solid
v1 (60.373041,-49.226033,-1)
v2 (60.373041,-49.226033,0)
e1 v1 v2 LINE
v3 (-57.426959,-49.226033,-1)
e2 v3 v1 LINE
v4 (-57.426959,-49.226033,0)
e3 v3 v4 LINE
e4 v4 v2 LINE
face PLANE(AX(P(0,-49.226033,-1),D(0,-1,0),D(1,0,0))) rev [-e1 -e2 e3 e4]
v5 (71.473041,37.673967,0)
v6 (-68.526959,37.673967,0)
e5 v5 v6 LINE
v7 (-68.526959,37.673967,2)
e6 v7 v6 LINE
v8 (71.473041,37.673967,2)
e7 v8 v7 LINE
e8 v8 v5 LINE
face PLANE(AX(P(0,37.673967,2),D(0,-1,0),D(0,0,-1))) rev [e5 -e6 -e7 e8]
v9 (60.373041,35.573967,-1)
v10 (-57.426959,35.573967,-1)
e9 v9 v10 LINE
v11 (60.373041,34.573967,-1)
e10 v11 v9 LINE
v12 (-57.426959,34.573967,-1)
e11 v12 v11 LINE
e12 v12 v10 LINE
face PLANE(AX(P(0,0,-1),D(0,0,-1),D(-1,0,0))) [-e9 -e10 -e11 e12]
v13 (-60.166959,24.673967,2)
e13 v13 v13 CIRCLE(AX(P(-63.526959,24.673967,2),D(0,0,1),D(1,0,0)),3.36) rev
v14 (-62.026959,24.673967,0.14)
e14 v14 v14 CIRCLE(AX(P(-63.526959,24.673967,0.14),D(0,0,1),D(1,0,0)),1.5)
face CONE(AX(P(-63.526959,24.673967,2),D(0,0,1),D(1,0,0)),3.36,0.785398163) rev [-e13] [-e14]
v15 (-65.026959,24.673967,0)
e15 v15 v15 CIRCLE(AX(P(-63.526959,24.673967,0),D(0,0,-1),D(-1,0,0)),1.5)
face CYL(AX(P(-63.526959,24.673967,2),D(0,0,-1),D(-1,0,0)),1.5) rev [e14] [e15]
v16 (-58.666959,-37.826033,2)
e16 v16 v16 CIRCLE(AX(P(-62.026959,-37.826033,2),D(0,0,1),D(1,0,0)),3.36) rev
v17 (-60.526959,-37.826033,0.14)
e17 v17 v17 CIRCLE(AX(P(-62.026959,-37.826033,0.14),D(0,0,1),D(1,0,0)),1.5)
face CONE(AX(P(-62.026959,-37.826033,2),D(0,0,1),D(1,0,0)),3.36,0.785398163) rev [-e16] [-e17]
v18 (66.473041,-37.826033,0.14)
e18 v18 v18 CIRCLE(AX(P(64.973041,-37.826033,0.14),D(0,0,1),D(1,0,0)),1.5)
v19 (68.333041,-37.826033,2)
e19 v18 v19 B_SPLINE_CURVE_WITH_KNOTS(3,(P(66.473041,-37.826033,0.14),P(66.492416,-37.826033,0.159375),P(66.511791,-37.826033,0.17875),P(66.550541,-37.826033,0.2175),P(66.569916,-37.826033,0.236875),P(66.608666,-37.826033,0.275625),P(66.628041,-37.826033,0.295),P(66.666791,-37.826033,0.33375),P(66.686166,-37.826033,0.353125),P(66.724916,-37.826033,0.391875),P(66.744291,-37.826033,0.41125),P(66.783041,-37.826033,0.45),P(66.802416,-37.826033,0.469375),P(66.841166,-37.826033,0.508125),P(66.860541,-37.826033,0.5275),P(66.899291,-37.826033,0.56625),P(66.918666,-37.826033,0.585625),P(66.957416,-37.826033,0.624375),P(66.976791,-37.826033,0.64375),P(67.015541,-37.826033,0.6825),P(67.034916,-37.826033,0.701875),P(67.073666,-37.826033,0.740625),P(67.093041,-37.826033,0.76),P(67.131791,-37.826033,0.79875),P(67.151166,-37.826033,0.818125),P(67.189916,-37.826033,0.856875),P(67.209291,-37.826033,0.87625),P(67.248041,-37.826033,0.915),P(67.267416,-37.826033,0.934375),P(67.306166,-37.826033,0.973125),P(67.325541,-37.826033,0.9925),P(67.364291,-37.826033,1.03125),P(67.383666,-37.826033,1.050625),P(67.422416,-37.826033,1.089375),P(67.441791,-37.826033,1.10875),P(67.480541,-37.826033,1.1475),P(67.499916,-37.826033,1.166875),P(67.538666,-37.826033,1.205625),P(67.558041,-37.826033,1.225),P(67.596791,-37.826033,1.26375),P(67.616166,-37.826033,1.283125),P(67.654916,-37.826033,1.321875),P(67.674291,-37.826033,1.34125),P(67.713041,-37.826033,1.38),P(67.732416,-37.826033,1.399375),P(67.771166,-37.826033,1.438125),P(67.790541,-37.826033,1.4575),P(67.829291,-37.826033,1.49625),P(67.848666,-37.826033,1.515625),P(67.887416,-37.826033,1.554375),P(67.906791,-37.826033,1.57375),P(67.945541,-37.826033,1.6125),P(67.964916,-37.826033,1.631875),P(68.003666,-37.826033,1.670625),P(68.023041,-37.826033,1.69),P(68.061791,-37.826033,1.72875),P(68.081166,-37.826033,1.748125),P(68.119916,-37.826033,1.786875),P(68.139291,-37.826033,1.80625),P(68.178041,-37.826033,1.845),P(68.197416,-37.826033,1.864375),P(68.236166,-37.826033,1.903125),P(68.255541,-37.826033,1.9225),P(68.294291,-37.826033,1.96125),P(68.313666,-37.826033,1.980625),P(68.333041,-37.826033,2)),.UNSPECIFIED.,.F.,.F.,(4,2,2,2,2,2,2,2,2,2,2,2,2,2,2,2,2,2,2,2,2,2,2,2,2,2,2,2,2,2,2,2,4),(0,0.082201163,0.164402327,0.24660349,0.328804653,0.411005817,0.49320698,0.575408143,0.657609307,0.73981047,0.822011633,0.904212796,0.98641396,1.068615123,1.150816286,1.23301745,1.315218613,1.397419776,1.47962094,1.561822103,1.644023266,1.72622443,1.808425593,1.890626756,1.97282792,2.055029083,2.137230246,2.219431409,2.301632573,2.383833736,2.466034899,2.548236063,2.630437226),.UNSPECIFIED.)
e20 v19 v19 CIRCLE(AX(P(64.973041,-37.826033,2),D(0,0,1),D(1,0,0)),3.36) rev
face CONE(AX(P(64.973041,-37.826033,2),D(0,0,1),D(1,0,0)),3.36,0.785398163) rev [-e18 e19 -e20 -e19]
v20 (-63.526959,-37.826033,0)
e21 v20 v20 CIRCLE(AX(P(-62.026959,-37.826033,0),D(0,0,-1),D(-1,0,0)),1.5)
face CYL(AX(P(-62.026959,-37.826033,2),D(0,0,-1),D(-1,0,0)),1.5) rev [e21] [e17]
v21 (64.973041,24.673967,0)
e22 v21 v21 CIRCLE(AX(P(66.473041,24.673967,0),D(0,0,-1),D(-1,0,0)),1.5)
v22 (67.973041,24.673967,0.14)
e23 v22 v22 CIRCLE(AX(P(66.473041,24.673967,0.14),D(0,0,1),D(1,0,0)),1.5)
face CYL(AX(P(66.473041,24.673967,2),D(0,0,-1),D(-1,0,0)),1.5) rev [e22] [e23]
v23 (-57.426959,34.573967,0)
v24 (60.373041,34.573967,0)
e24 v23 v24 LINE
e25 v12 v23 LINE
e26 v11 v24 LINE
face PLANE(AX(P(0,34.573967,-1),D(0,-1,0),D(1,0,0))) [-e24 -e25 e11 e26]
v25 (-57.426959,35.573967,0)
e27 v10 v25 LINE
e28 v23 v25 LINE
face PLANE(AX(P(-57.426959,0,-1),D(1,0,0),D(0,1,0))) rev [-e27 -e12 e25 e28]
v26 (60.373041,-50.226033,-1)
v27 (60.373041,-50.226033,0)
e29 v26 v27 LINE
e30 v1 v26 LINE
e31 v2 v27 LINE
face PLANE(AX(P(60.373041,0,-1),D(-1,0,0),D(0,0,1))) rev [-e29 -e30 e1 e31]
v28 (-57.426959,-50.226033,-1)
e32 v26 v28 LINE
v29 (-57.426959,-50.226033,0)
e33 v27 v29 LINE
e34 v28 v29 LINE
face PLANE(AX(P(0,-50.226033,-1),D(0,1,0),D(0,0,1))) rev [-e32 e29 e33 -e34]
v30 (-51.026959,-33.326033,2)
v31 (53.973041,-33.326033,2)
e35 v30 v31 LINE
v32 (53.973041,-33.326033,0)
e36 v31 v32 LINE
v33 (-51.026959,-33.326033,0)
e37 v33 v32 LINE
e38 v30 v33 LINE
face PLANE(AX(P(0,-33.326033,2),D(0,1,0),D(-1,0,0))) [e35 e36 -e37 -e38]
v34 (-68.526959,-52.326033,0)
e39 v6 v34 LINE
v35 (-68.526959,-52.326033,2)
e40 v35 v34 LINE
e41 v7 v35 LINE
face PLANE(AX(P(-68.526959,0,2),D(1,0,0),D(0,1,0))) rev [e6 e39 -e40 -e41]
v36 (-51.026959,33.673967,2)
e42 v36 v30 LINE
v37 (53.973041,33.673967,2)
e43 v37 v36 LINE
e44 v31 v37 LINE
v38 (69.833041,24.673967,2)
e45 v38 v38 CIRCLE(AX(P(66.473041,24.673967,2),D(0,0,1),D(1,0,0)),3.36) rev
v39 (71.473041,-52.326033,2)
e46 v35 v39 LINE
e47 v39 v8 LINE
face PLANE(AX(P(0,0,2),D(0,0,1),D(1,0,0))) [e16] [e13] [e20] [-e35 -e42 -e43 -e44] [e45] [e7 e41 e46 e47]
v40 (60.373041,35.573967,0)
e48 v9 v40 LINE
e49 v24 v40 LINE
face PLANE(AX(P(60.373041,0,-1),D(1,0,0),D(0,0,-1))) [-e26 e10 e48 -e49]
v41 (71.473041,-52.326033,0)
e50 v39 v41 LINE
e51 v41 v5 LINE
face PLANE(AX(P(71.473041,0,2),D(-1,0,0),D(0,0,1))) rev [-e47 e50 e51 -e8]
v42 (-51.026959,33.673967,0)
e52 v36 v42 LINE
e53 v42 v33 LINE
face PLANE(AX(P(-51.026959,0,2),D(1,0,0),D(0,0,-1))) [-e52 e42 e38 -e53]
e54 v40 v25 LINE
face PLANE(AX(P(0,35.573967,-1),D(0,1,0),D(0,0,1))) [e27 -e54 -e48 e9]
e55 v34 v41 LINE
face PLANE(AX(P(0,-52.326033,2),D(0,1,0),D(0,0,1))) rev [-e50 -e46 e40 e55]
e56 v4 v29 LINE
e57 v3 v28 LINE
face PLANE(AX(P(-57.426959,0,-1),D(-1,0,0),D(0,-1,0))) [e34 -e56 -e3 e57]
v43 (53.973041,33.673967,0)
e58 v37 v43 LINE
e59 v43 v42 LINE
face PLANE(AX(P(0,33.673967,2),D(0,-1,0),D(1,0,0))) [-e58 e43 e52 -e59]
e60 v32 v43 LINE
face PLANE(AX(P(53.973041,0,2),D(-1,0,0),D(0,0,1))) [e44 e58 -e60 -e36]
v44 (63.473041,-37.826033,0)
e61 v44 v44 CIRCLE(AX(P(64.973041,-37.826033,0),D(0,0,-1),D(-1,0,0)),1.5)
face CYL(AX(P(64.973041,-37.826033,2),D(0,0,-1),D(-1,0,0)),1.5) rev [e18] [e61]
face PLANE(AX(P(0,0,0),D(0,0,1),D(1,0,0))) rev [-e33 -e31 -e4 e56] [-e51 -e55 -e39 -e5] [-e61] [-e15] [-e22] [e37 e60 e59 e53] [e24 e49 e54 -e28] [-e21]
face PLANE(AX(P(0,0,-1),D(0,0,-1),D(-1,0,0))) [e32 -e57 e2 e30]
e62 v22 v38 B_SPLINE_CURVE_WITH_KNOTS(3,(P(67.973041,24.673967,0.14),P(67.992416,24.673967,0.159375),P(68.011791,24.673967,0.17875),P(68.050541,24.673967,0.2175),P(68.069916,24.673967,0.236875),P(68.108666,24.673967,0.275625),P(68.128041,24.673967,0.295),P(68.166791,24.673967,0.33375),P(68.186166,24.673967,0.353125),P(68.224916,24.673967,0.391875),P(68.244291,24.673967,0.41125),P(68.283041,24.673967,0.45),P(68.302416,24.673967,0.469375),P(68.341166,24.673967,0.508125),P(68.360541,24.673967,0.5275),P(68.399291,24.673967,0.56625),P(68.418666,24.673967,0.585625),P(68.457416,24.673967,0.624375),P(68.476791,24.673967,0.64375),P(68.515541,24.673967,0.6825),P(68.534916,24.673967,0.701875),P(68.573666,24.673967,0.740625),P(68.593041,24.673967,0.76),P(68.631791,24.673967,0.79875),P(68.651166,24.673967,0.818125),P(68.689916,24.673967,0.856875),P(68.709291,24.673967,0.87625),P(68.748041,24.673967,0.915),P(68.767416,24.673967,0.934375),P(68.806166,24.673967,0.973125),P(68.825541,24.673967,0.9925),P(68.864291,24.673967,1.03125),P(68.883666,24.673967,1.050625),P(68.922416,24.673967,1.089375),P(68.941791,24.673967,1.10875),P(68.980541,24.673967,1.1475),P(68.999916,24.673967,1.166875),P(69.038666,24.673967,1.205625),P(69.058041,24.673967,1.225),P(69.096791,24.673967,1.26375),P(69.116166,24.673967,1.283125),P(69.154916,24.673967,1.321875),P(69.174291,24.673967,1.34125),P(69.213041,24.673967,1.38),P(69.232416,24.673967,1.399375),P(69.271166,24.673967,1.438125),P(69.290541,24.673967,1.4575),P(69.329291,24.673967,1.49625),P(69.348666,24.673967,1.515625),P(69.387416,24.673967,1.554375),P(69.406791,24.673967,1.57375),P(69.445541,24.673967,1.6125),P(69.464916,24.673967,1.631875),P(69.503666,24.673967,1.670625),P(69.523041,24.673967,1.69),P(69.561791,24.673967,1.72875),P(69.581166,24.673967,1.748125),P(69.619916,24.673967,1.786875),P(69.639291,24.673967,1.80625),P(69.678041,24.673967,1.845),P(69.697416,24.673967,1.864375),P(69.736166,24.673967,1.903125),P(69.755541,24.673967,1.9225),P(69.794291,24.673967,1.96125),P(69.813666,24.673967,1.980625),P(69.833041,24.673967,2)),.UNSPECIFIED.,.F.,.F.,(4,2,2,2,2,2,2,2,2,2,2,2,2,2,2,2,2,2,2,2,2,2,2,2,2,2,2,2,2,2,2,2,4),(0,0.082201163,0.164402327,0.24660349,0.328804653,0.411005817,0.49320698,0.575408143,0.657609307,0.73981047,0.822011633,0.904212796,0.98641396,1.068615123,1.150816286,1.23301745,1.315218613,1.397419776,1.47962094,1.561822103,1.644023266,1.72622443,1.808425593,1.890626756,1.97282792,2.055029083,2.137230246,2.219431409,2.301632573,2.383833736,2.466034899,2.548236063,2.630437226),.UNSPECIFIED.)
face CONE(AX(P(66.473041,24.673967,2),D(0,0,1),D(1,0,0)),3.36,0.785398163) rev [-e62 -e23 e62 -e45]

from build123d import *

# Parameters (mm, degrees)
SKETCH1_W           = 140
SKETCH1_H           = 90
SKETCH1_W_2         = 105
SKETCH1_H_2         = 67
BOSS_EXTRUDE1_DEPTH = 2
SKETCH2_R           = 1.5
CUT_EXTRUDE1_DEPTH  = 89.602535605
CHAMFER1_SIZE       = 1.86
SKETCH8_W           = 117.8
SKETCH8_H           = 1
BOSS_EXTRUDE3_DEPTH = 1


with BuildPart() as part:
    # Sketch1 → Boss-Extrude1 (new body)
    with BuildSketch(Plane.XY):
        with Locations((1.473041333, -7.32603251)):
            Rectangle(SKETCH1_W, SKETCH1_H)
        with Locations((1.473041333, 0.17396749)):
            Rectangle(SKETCH1_W_2, SKETCH1_H_2, mode=Mode.SUBTRACT)
    extrude(amount=BOSS_EXTRUDE1_DEPTH)

    # Sketch2 → Cut-Extrude1 (cut, through all)
    with BuildSketch(Plane(origin=(0, 0, 0), x_dir=(-1, 0, 0), z_dir=(0, 0, -1))):
        with Locations((62.026958667, -37.82603251)):
            Circle(SKETCH2_R)
        with Locations((63.526958667, 24.67396749)):
            Circle(SKETCH2_R)
        with Locations((-64.973041333, -37.82603251)):
            Circle(SKETCH2_R)
        with Locations((-66.473041333, 24.67396749)):
            Circle(SKETCH2_R)
    extrude(amount=-CUT_EXTRUDE1_DEPTH, mode=Mode.SUBTRACT)

    # Chamfer1
    chamfer1_edges = [part.edges().sort_by_distance(p)[0] for p in [
        (-60.526958667, -37.82603251, 2),
        (-62.026958667, 24.67396749, 2),
        (66.473041333, -37.82603251, 2),
        (67.973041333, 24.67396749, 2),
    ]]
    chamfer(chamfer1_edges, length=CHAMFER1_SIZE)

    # Sketch8 → Boss-Extrude3 (add)
    with BuildSketch(Plane(origin=(0, 0, 0), x_dir=(-1, 0, 0), z_dir=(0, 0, -1))):
        with Locations((-1.473041333, -49.72603251)):
            Rectangle(SKETCH8_W, SKETCH8_H)
        with Locations((-1.473041333, 35.07396749)):
            Rectangle(SKETCH8_W, SKETCH8_H)
    extrude(amount=BOSS_EXTRUDE3_DEPTH)


solid = part.part
